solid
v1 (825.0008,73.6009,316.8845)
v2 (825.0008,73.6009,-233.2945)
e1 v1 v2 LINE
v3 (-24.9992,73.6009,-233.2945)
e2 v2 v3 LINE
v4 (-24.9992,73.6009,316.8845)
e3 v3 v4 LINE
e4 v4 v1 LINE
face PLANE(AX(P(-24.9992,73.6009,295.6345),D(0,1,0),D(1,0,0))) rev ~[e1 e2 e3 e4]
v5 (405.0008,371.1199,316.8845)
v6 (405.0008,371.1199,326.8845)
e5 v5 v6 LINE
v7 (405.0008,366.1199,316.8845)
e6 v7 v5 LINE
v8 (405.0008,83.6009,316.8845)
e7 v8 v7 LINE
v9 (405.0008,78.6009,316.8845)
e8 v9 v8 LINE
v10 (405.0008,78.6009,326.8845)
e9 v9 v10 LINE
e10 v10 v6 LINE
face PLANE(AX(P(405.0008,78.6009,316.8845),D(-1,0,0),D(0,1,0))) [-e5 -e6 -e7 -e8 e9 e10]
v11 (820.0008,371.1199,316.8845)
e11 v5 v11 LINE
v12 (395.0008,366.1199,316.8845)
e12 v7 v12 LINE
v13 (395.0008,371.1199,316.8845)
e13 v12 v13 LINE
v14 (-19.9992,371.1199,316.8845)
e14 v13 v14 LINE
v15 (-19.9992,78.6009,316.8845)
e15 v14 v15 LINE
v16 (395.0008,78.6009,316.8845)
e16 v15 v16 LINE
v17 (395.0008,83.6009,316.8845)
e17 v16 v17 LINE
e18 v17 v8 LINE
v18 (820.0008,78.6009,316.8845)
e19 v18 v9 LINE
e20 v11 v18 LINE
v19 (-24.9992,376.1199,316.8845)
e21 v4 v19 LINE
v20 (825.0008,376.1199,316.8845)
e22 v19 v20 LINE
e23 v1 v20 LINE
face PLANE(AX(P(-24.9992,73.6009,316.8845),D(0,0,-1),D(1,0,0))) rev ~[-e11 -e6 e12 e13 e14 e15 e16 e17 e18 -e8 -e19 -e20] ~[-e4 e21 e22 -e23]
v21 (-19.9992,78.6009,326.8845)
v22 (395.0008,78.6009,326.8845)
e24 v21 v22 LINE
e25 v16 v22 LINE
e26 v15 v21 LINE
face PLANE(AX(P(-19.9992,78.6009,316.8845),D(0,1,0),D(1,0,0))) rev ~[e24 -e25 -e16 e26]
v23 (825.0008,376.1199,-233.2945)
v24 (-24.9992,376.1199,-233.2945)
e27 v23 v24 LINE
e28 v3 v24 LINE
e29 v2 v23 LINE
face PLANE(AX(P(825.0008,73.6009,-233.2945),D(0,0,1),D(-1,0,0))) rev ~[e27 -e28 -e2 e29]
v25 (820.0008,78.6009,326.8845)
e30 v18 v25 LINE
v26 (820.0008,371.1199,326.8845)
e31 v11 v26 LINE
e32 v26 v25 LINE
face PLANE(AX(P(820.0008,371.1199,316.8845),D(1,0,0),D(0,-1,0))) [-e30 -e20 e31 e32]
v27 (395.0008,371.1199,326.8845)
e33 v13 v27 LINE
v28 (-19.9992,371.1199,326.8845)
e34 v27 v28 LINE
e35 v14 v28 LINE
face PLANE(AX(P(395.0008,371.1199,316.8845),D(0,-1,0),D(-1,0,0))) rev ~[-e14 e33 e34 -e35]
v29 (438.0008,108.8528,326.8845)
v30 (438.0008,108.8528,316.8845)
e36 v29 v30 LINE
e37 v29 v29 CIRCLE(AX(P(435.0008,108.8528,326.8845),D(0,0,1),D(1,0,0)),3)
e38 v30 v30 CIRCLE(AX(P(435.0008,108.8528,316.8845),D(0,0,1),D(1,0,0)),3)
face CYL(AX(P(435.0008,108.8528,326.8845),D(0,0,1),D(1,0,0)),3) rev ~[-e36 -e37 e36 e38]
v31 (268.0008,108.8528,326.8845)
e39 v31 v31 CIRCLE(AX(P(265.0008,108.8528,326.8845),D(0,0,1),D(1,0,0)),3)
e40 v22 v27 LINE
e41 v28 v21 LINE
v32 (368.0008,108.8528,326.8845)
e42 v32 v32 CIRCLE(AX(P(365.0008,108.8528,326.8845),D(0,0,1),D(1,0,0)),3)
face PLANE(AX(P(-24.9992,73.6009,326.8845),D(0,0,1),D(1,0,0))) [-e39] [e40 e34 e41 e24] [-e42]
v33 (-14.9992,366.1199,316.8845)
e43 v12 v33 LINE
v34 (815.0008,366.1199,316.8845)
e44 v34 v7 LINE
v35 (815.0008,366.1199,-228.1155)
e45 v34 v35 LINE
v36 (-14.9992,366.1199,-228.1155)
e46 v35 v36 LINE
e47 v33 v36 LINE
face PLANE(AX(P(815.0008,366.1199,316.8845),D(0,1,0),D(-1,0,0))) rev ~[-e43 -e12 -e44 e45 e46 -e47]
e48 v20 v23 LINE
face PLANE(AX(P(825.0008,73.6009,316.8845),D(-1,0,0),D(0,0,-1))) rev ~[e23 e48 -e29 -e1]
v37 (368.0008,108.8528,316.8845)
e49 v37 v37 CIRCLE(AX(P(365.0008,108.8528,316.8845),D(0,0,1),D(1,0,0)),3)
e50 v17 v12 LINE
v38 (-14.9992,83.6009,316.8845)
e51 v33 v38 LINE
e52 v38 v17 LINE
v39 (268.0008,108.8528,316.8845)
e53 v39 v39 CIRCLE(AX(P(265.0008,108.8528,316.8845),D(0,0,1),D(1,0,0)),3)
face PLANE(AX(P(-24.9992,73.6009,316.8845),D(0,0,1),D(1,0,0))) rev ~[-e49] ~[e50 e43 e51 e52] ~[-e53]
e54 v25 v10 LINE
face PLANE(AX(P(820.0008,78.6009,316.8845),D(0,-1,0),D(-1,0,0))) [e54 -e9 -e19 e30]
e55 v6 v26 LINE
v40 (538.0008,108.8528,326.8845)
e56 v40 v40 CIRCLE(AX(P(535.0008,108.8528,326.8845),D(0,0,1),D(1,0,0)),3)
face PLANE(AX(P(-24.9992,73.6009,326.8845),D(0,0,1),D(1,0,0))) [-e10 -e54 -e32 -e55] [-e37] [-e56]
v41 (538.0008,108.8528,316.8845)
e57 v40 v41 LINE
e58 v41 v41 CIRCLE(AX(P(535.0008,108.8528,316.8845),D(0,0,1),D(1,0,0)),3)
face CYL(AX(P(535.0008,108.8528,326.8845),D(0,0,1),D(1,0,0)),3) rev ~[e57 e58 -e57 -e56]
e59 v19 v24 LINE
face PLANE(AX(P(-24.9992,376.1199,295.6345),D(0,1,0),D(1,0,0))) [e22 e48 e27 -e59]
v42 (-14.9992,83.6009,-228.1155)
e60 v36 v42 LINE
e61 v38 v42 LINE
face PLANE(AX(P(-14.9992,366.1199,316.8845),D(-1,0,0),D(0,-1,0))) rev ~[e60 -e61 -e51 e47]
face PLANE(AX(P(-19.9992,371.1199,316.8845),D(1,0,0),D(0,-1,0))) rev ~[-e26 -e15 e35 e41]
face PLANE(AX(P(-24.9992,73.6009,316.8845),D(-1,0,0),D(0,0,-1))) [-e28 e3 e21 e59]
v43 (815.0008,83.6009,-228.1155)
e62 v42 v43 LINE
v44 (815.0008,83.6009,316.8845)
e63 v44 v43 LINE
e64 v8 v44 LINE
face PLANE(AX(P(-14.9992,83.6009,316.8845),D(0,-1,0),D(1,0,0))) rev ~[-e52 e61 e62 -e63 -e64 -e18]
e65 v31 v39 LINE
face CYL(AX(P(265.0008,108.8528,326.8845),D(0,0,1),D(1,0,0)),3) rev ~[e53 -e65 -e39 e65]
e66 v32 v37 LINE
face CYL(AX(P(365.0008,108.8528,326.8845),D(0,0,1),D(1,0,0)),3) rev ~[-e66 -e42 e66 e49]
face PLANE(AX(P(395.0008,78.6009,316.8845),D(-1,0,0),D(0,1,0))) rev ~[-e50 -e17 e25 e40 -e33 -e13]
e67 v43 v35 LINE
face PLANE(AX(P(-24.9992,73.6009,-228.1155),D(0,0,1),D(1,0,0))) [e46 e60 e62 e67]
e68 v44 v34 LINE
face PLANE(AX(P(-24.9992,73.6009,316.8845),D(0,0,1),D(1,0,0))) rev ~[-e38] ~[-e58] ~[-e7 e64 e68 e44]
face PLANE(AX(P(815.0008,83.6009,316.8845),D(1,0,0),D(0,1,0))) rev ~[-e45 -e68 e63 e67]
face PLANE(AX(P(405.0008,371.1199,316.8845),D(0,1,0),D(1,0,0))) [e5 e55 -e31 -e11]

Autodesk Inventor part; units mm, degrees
ref_plane "YZ Plane" through (0, 0, 0) normal (1, 0, 0) x (0, 1, 0)
ref_plane "XZ Plane" through (0, 0, 0) normal (0, 1, 0) x (-1, 0, 0)
ref_plane "Plano de trabajo1" through (-24.9992, 73.6009, 295.6345) normal (0, 1, 0) x (1, 0, 0)
sketch "Boceto1" plane through (-24.9992, 73.6009, 295.6345) normal (0, 1, 0) x (1, 0, 0)
  line L0 (0, -21.25) -> (0, -5.817) projected
  line L1 (0, -21.25) -> (850, -21.25)
  line L2 (850, -21.25) -> (850, 528.929)
  line L3 (850, 528.929) -> (0, 528.929)
  line L4 (0, 528.929) -> (0, -21.25)
  point P0 (24.9992, 295.6345)
extrude "Extrusión1" add sketch "Boceto1" along normal blind 302.519
sketch "Boceto2" plane through (-24.9992, 73.6009, 316.8845) normal (0, 0, 1) x (1, 0, 0)
  line L0 (0, 0) -> (850, 0) projected
  line L1 (0, 0) -> (10, 0)
  line L2 (10, 0) -> (10, 10)
  line L3 (0, 302.519) -> (850, 302.519) projected
  line L4 (850, 302.519) -> (840, 302.519)
  line L5 (840, 302.519) -> (840, 292.519)
  line L6 (10, 10) -> (840, 10)
  line L7 (840, 10) -> (840, 292.519)
  line L8 (840, 292.519) -> (10, 292.519)
  line L9 (10, 292.519) -> (10, 10)
  point P0 (24.9992, -73.6009)
  dimension "espesor" = 10
  dimension "d3" = 10
  dimension "d4" = 10
  dimension "d5" = 10
extrude "Extrusión2" cut sketch "Boceto2" against normal blind 545
sketch "Boceto3" plane through (-24.9992, 73.6009, 316.8845) normal (0, 0, 1) x (1, 0, 0)
  line L0 (0, 0) -> (5, 0)
  line L1 (850, 0) -> (0, 0) projected
  line L2 (5, 0) -> (5, 5)
  line L3 (0, 302.519) -> (850, 302.519) projected
  line L4 (425, 302.519) -> (420, 302.519)
  line L5 (420, 302.519) -> (420, 297.519)
  line L6 (420, 297.519) -> (5, 297.519)
  line L7 (5, 297.519) -> (5, 5)
  line L8 (5, 5) -> (420, 5)
  line L9 (420, 5) -> (420, 297.519)
  line L10 (425, 302.519) -> (425, 0)
  line L11 (430, 297.519) -> (845, 297.519)
  line L12 (845, 297.519) -> (845, 5)
  line L13 (845, 5) -> (430, 5)
  line L14 (430, 5) -> (430, 297.519)
  point P0 (24.9992, -73.6009)
  dimension "d8" = 5
  dimension "d9" = 5
  dimension "d10" = 5
  dimension "d11" = 5
extrude "Extrusión3" add sketch "Boceto3" along normal blind 10 contours L7 L6 L9 L8 | L11 L12 L13 L14
sketch "Boceto4" plane through (-24.9992, 73.6009, 326.8845) normal (0, 0, 1) x (1, 0, 0)
  line L0 (5, 5) -> (420, 5) projected
  line L1 (420, 5) -> (420, 297.519) projected
  line L2 (420, 297.519) -> (5, 297.519) projected
  line L3 (5, 297.519) -> (5, 5) projected
  line L4 (845, 297.519) -> (430, 297.519) projected
  line L5 (430, 297.519) -> (430, 5) projected
  line L6 (430, 5) -> (845, 5) projected
  line L7 (845, 5) -> (845, 297.519) projected
  line L8 (10, 10) -> (10, 292.519) projected
  line L9 (10, 35.2519) -> (845, 35.2519) construction
  line L10 (340, 5) -> (340, 297.519) construction
  line L11 (430, 5) -> (845, 5) projected
  line L12 (510, 5) -> (510, 297.519) construction
  circle A0 centre (290, 35.2519) radius 3
  circle A1 centre (390, 35.2519) radius 3
  circle A2 centre (560, 35.2519) radius 3
  circle A3 centre (460, 35.2519) radius 3
  point P0 (24.9992, -73.6009)
  dimension "d15" = 30.2519
  dimension "d16" = 80
  dimension "d17" = 80
  dimension "d18" = 6
  dimension "d19" = 50
  dimension "d20" = 6
  dimension "d21" = 50
extrude "Extrusión4" cut sketch "Boceto4" against normal up to next contours A0 | A1 | A2 | A3
equation "\"d3\" = espesor"
equation "\"d4\" = espesor"
equation "\"d5\" = espesor"
equation "\"d8\" = 0.5 * espesor"
equation "\"d9\" = 0.5 * espesor"
equation "\"d10\" = 0.5 * espesor"
equation "\"d11\" = 0.5 * espesor"
equation "\"d12\" = espesor"
equation "\"d15\" = 0.1 * h_me"
equation "\"h_me\" = 302.519"
properties part number "MuebleExtractor"
